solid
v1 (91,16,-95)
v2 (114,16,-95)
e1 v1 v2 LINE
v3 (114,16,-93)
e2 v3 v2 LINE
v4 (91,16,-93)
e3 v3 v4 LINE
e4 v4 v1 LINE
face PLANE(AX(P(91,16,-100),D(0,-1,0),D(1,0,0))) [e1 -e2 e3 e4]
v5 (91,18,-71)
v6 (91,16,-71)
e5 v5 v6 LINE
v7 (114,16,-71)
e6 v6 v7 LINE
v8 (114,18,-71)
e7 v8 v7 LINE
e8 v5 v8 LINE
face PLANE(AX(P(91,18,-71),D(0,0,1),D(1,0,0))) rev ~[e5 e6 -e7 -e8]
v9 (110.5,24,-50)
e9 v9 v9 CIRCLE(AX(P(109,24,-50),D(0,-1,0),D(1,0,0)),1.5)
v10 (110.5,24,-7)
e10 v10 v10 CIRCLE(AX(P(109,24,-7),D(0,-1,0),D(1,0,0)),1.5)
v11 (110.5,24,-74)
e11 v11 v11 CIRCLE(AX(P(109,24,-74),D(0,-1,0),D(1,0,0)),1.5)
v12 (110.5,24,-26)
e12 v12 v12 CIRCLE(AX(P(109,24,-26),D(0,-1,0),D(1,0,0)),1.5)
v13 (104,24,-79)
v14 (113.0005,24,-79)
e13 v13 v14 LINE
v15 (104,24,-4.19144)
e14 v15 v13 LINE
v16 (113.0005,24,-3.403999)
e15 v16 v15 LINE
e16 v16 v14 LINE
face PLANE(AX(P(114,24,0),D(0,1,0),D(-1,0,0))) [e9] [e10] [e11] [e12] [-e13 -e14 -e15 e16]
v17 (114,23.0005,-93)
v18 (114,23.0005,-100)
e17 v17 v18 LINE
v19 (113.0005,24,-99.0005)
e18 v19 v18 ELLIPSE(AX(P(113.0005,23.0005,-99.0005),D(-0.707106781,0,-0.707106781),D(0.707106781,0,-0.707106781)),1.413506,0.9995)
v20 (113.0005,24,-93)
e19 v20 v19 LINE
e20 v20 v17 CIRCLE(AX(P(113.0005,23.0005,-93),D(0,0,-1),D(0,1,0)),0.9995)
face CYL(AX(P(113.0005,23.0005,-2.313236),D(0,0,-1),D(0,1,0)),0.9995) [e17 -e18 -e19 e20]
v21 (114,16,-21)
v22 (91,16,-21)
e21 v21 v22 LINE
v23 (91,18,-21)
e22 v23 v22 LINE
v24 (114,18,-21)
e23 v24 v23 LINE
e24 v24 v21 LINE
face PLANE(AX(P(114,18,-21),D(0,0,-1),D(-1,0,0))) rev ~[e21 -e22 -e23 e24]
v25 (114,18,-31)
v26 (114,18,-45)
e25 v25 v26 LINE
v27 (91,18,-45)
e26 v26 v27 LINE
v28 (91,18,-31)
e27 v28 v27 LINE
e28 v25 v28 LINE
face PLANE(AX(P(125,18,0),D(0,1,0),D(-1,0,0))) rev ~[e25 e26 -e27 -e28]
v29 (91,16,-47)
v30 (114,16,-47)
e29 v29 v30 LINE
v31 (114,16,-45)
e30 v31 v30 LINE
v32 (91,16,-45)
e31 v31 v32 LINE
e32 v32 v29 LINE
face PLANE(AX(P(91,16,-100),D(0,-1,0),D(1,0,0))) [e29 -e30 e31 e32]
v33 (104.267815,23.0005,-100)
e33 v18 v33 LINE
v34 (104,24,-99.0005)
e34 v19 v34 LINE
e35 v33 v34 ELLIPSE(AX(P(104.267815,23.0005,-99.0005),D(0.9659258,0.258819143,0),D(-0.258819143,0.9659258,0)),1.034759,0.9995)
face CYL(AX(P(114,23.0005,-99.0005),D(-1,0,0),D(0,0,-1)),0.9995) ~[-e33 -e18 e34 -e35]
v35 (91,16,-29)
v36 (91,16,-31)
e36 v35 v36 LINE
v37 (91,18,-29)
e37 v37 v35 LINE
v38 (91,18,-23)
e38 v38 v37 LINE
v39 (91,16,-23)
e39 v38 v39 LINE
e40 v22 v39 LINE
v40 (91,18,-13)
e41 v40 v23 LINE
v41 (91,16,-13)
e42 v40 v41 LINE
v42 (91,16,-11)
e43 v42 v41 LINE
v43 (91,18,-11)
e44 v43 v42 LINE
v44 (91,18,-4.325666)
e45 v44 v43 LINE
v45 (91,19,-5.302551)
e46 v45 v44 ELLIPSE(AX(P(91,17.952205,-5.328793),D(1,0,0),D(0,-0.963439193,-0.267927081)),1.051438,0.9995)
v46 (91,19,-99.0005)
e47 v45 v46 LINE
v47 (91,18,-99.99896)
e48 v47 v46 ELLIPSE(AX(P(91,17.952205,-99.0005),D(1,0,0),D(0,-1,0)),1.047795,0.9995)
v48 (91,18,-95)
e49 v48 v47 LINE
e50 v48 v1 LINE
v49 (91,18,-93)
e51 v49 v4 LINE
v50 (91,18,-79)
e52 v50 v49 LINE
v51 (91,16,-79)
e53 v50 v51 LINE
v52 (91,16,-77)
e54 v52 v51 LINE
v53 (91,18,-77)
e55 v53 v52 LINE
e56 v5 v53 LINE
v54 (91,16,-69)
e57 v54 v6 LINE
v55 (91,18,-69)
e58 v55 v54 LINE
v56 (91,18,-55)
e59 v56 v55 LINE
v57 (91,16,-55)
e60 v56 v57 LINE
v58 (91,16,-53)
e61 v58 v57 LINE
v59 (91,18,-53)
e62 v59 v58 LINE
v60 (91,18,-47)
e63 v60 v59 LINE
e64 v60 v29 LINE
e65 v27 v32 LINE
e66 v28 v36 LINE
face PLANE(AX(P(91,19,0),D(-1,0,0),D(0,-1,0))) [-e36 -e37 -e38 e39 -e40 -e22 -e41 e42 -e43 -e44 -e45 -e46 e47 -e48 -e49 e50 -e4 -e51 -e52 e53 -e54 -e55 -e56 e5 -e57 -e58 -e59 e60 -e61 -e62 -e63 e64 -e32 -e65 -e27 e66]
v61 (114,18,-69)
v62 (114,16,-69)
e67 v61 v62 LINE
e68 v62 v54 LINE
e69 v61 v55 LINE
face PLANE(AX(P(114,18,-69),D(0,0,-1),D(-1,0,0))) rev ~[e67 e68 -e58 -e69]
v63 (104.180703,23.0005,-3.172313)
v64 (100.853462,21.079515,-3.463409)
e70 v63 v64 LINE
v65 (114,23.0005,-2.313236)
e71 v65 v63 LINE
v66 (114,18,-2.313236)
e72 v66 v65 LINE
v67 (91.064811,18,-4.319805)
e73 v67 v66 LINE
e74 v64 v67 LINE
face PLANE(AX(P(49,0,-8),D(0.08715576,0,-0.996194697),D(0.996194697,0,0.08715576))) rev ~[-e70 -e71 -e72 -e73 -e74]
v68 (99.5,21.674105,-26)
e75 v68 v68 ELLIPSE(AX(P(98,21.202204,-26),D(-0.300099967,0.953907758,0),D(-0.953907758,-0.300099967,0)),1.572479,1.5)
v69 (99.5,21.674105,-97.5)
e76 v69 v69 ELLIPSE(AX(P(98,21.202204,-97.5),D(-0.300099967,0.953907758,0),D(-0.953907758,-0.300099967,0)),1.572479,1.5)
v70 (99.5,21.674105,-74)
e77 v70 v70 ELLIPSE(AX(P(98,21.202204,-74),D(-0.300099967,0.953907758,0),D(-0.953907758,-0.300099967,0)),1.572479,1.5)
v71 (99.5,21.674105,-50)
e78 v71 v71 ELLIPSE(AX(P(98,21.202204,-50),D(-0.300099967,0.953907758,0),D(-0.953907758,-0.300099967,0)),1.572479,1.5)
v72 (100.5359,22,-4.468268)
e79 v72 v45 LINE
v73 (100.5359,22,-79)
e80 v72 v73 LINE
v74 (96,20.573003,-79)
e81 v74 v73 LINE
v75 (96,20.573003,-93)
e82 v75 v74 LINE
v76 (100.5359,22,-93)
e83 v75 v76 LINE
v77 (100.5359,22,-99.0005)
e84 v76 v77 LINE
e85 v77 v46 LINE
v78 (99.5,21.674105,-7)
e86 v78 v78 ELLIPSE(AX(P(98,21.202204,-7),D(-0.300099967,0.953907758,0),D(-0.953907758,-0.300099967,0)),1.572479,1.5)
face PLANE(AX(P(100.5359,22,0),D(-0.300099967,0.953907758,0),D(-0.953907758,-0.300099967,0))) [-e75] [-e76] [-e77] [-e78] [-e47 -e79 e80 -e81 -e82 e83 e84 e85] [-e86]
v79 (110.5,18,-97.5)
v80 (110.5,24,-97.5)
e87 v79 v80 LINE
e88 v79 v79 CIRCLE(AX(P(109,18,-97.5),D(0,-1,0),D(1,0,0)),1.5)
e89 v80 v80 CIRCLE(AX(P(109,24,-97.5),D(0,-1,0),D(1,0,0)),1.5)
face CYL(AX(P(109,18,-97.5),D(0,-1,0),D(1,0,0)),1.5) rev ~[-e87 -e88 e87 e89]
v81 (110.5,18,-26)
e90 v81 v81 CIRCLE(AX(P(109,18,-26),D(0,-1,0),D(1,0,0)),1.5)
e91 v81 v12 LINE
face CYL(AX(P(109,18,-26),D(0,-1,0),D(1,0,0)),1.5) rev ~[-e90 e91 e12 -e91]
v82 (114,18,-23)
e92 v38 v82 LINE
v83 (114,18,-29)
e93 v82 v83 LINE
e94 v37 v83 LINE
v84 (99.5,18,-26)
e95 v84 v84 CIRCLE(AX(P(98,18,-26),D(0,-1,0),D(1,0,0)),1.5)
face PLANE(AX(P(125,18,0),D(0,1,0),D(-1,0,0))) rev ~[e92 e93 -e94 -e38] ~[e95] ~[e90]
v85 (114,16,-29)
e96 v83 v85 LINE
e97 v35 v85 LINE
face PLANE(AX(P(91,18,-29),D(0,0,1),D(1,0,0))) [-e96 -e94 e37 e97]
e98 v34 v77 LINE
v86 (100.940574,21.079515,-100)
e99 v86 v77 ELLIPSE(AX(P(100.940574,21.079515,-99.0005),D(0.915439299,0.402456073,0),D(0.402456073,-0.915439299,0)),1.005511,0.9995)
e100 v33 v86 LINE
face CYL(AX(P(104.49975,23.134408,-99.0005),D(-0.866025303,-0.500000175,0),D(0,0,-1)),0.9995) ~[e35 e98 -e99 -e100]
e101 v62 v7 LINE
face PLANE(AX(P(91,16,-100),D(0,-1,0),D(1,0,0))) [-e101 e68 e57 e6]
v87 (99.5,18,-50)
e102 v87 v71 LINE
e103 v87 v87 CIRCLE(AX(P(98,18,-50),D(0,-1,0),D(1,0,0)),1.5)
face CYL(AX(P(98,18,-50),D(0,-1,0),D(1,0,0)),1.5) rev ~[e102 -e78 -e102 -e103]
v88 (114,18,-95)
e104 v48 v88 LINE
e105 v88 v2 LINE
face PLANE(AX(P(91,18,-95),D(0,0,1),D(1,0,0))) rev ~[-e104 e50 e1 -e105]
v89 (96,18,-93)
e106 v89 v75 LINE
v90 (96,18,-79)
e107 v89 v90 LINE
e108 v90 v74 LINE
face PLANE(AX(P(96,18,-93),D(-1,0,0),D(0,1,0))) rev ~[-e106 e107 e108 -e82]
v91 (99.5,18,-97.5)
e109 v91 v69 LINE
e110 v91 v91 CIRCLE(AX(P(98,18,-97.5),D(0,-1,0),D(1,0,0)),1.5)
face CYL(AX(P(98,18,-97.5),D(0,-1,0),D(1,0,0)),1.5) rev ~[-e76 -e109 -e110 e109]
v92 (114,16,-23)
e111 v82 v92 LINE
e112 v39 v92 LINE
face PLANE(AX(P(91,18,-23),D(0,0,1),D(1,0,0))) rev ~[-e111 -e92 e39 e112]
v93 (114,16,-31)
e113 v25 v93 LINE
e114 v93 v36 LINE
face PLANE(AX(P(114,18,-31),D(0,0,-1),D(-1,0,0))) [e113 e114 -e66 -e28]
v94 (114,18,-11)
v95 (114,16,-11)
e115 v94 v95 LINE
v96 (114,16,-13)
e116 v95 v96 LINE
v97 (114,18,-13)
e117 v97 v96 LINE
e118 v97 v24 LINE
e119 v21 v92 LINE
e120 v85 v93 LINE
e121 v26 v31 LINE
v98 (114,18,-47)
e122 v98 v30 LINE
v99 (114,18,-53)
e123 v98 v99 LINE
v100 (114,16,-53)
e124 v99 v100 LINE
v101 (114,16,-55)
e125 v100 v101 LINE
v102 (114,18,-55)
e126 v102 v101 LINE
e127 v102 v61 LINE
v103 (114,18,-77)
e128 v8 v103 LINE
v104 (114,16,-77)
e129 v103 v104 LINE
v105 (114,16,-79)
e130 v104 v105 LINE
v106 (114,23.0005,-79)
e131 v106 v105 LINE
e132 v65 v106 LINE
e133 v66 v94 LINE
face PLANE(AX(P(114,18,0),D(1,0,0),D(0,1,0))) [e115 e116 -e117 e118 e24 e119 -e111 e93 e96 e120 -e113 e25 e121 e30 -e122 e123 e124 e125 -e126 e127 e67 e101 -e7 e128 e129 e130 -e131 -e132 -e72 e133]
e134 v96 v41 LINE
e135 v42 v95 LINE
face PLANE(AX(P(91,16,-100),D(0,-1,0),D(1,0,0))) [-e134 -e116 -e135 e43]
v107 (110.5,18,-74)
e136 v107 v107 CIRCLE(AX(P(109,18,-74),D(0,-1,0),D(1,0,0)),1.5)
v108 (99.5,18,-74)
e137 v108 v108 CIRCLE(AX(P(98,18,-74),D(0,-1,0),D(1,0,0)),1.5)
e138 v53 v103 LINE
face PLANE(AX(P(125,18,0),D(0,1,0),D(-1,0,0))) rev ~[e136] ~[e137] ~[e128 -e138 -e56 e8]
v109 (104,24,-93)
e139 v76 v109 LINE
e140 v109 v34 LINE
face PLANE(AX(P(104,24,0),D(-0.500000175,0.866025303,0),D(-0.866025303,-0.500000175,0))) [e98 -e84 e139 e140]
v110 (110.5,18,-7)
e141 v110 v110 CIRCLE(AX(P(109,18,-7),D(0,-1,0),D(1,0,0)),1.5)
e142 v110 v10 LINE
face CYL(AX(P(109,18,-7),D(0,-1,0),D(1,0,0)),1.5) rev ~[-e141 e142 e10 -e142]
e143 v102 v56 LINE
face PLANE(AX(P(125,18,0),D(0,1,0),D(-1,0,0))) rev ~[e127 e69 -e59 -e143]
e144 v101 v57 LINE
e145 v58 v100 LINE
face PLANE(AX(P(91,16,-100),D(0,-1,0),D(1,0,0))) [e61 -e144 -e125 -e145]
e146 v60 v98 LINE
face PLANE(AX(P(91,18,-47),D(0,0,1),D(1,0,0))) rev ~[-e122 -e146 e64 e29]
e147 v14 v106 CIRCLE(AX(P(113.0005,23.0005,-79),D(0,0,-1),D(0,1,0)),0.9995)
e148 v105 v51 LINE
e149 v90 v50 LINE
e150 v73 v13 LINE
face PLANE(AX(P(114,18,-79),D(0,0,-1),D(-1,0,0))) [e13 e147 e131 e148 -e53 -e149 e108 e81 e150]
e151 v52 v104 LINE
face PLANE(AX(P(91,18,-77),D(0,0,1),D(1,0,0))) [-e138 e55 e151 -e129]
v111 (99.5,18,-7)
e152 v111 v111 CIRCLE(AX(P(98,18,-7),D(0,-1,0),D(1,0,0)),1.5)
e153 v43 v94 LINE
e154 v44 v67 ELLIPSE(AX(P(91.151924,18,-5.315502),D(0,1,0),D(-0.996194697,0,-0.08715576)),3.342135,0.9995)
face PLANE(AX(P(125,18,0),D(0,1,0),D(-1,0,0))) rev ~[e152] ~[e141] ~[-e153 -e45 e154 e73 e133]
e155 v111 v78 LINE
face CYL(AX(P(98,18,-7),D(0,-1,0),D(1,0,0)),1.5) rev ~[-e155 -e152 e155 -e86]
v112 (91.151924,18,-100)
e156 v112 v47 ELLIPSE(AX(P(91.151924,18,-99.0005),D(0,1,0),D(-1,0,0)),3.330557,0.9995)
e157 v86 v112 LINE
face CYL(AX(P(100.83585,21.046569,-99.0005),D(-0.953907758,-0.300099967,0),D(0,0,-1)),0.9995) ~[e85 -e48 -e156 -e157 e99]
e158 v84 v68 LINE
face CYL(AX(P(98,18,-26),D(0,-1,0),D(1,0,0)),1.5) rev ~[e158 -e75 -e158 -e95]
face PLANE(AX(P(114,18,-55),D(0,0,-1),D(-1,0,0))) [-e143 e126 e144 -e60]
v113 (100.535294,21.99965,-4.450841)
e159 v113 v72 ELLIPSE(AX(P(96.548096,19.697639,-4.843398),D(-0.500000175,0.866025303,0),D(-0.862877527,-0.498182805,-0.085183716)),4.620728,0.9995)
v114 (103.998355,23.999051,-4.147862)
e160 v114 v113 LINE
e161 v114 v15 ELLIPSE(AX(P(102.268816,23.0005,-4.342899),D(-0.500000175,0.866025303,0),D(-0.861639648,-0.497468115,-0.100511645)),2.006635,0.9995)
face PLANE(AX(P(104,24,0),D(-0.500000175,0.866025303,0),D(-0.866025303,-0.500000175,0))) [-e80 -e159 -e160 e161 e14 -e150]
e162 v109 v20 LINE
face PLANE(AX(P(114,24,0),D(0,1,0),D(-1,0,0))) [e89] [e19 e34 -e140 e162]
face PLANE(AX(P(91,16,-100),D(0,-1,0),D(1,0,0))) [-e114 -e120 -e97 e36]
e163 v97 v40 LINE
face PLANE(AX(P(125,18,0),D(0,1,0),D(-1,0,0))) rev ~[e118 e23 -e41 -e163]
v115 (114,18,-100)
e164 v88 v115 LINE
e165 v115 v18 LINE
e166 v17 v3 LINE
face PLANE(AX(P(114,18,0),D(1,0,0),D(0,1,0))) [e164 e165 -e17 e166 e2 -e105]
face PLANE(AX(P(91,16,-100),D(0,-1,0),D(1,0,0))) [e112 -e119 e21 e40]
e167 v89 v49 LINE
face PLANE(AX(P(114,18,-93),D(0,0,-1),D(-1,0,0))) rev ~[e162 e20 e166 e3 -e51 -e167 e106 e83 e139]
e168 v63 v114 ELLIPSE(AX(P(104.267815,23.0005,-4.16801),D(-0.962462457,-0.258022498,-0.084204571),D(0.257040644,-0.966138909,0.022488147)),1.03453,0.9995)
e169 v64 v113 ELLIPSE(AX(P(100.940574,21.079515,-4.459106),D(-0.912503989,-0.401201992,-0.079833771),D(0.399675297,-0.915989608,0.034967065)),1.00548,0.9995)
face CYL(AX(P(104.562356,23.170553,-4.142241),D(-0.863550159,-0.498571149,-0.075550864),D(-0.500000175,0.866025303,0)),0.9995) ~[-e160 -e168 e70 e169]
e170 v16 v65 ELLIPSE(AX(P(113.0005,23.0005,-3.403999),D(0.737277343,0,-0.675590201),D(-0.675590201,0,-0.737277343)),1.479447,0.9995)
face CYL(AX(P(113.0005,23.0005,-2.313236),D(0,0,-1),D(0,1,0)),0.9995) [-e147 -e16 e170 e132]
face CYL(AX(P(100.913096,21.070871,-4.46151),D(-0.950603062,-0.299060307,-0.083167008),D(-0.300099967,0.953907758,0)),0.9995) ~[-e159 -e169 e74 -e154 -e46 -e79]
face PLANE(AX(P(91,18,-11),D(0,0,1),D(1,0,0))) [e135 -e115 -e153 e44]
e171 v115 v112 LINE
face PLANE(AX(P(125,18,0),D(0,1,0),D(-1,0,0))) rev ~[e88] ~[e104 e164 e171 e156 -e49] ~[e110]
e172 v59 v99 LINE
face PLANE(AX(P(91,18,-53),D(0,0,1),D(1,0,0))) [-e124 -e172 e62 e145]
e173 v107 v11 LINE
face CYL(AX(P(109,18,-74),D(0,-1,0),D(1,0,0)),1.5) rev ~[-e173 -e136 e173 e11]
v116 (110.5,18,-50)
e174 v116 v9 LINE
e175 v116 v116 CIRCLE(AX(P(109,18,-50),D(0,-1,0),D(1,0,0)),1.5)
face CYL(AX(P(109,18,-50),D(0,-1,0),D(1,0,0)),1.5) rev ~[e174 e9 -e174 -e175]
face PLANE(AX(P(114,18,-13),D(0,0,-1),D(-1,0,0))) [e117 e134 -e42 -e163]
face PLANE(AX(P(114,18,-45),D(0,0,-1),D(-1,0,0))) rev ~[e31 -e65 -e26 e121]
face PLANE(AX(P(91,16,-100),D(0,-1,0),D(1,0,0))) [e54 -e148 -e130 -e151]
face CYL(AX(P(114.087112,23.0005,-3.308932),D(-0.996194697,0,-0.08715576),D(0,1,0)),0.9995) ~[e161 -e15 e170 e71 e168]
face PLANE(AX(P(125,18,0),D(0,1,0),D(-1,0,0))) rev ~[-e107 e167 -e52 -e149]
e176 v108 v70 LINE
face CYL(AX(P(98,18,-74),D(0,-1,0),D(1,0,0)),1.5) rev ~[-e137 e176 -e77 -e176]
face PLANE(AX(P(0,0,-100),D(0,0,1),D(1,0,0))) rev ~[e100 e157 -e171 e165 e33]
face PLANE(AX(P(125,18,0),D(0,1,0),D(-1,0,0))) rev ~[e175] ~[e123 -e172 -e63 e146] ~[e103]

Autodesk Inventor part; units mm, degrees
ref_plane "YZ Plane" through (0, 0, 0) normal (1, 0, 0) x (0, 1, 0)
ref_plane "XZ Plane" through (0, 0, 0) normal (0, 1, 0) x (-1, 0, 0)
sketch "Sketch1" plane through (0, 0, 0) normal (0, 0, 1) x (1, 0, 0)
  line L0 (0, 0) -> (114, 0)
  arc A0 (114, 0) -> (114, 18) centre (114, 9) ccw
  arc A1 (0, 21) -> (0, 0) centre (0, 10.5) ccw
  line L1 (0, 21) -> (20.7846, 18)
  line L2 (20.7846, 18) -> (114, 18)
  dimension "d0" = 114
  dimension "d1" = 18
  dimension "d2" = 9
  dimension "d3" = 21
  dimension "d4" = 10.5
  dimension "d5" = 21
extrude "Extrusion1" add sketch "Sketch1" against normal blind 100
sketch "Sketch6" plane through (0, 0, 0) normal (0, 0, 1) x (1, 0, 0)
  line L0 (20.7846, 18) -> (114, 18) projected
  line L1 (91, 18) -> (114, 18)
  line L2 (114, 18) -> (114, 24)
  line L3 (114, 24) -> (104, 24)
  line L4 (104, 24) -> (100.5359, 22)
  line L5 (100.5359, 22) -> (91, 19)
  line L6 (91, 19) -> (91, 18)
  point P0 (0, 0)
  dimension "d37" = 23
  dimension "d38" = 6
  dimension "d39" = 10
  dimension "d40" = 4
  dimension "d41" = 150
extrude "Extrusion6" add sketch "Sketch6" against normal blind 100
sketch "Sketch7" plane through (0, 0, 0) normal (0, -1, 0) x (1, 0, 0)
  line L0 (0, 0) -> (-10.5, 0) projected
  line L1 (-10.5, 0) -> (-10.5, -8)
  line L2 (-10.5, 0) -> (-10.5, -100) projected
  line L3 (-10.5, -8) -> (49, -8)
  line L4 (49, -8) -> (140.4404, 0)
  line L5 (140.4404, 0) -> (-10.5, 0)
  dimension "d44" = 8
  dimension "d45" = 59.5
  dimension "d46" = 90
  dimension "d47" = 175
extrude "Extrusion7" cut sketch "Sketch7" against normal through all
ref_plane "Work Plane2" through (0, 0, 0) normal (0, 0, 1) x (1, 0, 0)
sketch "Sketch8" plane through (0, 0, 0) normal (0, 0, 1) x (1, 0, 0)
  line L0 (-10.5, 0) -> (70, 0)
  line L1 (70, 0) -> (70, 21)
  line L2 (70, 21) -> (-10.5, 21)
  line L3 (-10.5, 21) -> (-10.5, 0)
  line L4 (70, 0) -> (125, 0)
  line L5 (125, 0) -> (125, 18)
  line L6 (125, 18) -> (70, 18)
  line L7 (70, 18) -> (70, 0)
  point P0 (0, 0)
  dimension "d51" = 80.5
  dimension "d52" = 21
  dimension "d53" = 55
  dimension "d54" = 18
extrude "Extrusion8" cut sketch "Sketch8" against normal blind 100
sketch "Sketch9" plane through (91, 18, -100) normal (0, -1, 0) x (1, 0, 0)
  line L0 (23, 97.6868) -> (23, 0) projected
  line L1 (0, 5) -> (23, 5)
  line L2 (23, 5) -> (23, 7)
  line L3 (23, 7) -> (0, 7)
  line L4 (0, 7) -> (0, 5)
  line L5 (0, 95.6745) -> (0, 0) projected
  line L6 (0, 23) -> (23, 23)
  line L7 (23, 23) -> (23, 21)
  line L8 (23, 21) -> (0, 21)
  line L9 (0, 21) -> (0, 23)
  line L10 (0, 29) -> (23, 29)
  line L11 (23, 29) -> (23, 31)
  line L12 (23, 31) -> (0, 31)
  line L13 (0, 31) -> (0, 29)
  line L14 (0, 47) -> (23, 47)
  line L15 (23, 47) -> (23, 45)
  line L16 (23, 45) -> (0, 45)
  line L17 (0, 45) -> (0, 47)
  line L18 (0, 53) -> (23, 53)
  line L19 (23, 53) -> (23, 55)
  line L20 (23, 55) -> (0, 55)
  line L21 (0, 55) -> (0, 53)
  line L22 (0, 71) -> (23, 71)
  line L23 (23, 71) -> (23, 69)
  line L24 (23, 69) -> (0, 69)
  line L25 (0, 69) -> (0, 71)
  line L26 (0, 77) -> (23, 77)
  line L27 (23, 77) -> (23, 79)
  line L28 (23, 79) -> (0, 79)
  line L29 (0, 79) -> (0, 77)
  line L30 (0, 89) -> (23, 89)
  line L31 (23, 89) -> (23, 87)
  line L32 (23, 87) -> (0, 87)
  line L33 (0, 87) -> (0, 89)
  point P0 (-91, 100)
  dimension "d57" = 2
  dimension "d58" = 2
  dimension "d59" = 2
  dimension "d60" = 2
  dimension "d61" = 2
  dimension "d62" = 2
  dimension "d63" = 2
  dimension "d64" = 2
extrude "Extrusion9" add sketch "Sketch9" along normal blind 2 contours L0 L32 L5 L30 | L0 L26 L5 L28 | L0 L24 L5 L22 | L0 L18 L5 L20 | L0 L16 L5 L14 | L0 L10 L5 L12 | L0 L8 L5 L6 | L0 L1 L4 L3
sketch "Sketch10" plane through (91, 18, -11) normal (0, -1, 0) x (1, 0, 0)
  circle A0 centre (18, 4) radius 1.5
  circle A1 centre (7, 4) radius 1.5
  circle A2 centre (7, -15) radius 1.5
  circle A3 centre (7, -39) radius 1.5
  circle A4 centre (7, -63) radius 1.5
  circle A5 centre (7, -86.5) radius 1.5
  circle A6 centre (18, -15) radius 1.5
  circle A7 centre (18, -39) radius 1.5
  circle A8 centre (18, -63) radius 1.5
  circle A9 centre (18, -86.5) radius 1.5
  point P0 (-91, 11)
  dimension "d67" = 3
  dimension "d68" = 3
  dimension "d69" = 3
  dimension "d70" = 3
  dimension "d71" = 3
  dimension "d72" = 3
  dimension "d73" = 3
  dimension "d74" = 3
  dimension "d75" = 3
  dimension "d76" = 3
extrude "Extrusion10" cut sketch "Sketch10" against normal through all
fillet "Fillet1" radius 1 7 edges at (114, 24, -51.1566) (109, 24, -100) (102.2679, 23, -100) (95.7679, 20.5, -100) (109, 24, -2.7507) (102.2679, 23, -3.3397) (95.7679, 20.5, -3.9083)
sketch "Sketch12" plane through (91, 18, -93) normal (0, 0, 1) x (1, 0, 0)
  line L0 (23, 0) -> (5, 0)
  line L1 (5, 0) -> (5, 6)
  line L2 (5, 6) -> (23, 6)
  line L3 (23, 6) -> (23, 0)
  point P0 (-91, -18)
  dimension "d84" = 18
  dimension "d85" = 6
extrude "Extrusion12" cut sketch "Sketch12" along normal blind 14
properties part number "Hand - Distal Bridge" material "ABS Plastic"
